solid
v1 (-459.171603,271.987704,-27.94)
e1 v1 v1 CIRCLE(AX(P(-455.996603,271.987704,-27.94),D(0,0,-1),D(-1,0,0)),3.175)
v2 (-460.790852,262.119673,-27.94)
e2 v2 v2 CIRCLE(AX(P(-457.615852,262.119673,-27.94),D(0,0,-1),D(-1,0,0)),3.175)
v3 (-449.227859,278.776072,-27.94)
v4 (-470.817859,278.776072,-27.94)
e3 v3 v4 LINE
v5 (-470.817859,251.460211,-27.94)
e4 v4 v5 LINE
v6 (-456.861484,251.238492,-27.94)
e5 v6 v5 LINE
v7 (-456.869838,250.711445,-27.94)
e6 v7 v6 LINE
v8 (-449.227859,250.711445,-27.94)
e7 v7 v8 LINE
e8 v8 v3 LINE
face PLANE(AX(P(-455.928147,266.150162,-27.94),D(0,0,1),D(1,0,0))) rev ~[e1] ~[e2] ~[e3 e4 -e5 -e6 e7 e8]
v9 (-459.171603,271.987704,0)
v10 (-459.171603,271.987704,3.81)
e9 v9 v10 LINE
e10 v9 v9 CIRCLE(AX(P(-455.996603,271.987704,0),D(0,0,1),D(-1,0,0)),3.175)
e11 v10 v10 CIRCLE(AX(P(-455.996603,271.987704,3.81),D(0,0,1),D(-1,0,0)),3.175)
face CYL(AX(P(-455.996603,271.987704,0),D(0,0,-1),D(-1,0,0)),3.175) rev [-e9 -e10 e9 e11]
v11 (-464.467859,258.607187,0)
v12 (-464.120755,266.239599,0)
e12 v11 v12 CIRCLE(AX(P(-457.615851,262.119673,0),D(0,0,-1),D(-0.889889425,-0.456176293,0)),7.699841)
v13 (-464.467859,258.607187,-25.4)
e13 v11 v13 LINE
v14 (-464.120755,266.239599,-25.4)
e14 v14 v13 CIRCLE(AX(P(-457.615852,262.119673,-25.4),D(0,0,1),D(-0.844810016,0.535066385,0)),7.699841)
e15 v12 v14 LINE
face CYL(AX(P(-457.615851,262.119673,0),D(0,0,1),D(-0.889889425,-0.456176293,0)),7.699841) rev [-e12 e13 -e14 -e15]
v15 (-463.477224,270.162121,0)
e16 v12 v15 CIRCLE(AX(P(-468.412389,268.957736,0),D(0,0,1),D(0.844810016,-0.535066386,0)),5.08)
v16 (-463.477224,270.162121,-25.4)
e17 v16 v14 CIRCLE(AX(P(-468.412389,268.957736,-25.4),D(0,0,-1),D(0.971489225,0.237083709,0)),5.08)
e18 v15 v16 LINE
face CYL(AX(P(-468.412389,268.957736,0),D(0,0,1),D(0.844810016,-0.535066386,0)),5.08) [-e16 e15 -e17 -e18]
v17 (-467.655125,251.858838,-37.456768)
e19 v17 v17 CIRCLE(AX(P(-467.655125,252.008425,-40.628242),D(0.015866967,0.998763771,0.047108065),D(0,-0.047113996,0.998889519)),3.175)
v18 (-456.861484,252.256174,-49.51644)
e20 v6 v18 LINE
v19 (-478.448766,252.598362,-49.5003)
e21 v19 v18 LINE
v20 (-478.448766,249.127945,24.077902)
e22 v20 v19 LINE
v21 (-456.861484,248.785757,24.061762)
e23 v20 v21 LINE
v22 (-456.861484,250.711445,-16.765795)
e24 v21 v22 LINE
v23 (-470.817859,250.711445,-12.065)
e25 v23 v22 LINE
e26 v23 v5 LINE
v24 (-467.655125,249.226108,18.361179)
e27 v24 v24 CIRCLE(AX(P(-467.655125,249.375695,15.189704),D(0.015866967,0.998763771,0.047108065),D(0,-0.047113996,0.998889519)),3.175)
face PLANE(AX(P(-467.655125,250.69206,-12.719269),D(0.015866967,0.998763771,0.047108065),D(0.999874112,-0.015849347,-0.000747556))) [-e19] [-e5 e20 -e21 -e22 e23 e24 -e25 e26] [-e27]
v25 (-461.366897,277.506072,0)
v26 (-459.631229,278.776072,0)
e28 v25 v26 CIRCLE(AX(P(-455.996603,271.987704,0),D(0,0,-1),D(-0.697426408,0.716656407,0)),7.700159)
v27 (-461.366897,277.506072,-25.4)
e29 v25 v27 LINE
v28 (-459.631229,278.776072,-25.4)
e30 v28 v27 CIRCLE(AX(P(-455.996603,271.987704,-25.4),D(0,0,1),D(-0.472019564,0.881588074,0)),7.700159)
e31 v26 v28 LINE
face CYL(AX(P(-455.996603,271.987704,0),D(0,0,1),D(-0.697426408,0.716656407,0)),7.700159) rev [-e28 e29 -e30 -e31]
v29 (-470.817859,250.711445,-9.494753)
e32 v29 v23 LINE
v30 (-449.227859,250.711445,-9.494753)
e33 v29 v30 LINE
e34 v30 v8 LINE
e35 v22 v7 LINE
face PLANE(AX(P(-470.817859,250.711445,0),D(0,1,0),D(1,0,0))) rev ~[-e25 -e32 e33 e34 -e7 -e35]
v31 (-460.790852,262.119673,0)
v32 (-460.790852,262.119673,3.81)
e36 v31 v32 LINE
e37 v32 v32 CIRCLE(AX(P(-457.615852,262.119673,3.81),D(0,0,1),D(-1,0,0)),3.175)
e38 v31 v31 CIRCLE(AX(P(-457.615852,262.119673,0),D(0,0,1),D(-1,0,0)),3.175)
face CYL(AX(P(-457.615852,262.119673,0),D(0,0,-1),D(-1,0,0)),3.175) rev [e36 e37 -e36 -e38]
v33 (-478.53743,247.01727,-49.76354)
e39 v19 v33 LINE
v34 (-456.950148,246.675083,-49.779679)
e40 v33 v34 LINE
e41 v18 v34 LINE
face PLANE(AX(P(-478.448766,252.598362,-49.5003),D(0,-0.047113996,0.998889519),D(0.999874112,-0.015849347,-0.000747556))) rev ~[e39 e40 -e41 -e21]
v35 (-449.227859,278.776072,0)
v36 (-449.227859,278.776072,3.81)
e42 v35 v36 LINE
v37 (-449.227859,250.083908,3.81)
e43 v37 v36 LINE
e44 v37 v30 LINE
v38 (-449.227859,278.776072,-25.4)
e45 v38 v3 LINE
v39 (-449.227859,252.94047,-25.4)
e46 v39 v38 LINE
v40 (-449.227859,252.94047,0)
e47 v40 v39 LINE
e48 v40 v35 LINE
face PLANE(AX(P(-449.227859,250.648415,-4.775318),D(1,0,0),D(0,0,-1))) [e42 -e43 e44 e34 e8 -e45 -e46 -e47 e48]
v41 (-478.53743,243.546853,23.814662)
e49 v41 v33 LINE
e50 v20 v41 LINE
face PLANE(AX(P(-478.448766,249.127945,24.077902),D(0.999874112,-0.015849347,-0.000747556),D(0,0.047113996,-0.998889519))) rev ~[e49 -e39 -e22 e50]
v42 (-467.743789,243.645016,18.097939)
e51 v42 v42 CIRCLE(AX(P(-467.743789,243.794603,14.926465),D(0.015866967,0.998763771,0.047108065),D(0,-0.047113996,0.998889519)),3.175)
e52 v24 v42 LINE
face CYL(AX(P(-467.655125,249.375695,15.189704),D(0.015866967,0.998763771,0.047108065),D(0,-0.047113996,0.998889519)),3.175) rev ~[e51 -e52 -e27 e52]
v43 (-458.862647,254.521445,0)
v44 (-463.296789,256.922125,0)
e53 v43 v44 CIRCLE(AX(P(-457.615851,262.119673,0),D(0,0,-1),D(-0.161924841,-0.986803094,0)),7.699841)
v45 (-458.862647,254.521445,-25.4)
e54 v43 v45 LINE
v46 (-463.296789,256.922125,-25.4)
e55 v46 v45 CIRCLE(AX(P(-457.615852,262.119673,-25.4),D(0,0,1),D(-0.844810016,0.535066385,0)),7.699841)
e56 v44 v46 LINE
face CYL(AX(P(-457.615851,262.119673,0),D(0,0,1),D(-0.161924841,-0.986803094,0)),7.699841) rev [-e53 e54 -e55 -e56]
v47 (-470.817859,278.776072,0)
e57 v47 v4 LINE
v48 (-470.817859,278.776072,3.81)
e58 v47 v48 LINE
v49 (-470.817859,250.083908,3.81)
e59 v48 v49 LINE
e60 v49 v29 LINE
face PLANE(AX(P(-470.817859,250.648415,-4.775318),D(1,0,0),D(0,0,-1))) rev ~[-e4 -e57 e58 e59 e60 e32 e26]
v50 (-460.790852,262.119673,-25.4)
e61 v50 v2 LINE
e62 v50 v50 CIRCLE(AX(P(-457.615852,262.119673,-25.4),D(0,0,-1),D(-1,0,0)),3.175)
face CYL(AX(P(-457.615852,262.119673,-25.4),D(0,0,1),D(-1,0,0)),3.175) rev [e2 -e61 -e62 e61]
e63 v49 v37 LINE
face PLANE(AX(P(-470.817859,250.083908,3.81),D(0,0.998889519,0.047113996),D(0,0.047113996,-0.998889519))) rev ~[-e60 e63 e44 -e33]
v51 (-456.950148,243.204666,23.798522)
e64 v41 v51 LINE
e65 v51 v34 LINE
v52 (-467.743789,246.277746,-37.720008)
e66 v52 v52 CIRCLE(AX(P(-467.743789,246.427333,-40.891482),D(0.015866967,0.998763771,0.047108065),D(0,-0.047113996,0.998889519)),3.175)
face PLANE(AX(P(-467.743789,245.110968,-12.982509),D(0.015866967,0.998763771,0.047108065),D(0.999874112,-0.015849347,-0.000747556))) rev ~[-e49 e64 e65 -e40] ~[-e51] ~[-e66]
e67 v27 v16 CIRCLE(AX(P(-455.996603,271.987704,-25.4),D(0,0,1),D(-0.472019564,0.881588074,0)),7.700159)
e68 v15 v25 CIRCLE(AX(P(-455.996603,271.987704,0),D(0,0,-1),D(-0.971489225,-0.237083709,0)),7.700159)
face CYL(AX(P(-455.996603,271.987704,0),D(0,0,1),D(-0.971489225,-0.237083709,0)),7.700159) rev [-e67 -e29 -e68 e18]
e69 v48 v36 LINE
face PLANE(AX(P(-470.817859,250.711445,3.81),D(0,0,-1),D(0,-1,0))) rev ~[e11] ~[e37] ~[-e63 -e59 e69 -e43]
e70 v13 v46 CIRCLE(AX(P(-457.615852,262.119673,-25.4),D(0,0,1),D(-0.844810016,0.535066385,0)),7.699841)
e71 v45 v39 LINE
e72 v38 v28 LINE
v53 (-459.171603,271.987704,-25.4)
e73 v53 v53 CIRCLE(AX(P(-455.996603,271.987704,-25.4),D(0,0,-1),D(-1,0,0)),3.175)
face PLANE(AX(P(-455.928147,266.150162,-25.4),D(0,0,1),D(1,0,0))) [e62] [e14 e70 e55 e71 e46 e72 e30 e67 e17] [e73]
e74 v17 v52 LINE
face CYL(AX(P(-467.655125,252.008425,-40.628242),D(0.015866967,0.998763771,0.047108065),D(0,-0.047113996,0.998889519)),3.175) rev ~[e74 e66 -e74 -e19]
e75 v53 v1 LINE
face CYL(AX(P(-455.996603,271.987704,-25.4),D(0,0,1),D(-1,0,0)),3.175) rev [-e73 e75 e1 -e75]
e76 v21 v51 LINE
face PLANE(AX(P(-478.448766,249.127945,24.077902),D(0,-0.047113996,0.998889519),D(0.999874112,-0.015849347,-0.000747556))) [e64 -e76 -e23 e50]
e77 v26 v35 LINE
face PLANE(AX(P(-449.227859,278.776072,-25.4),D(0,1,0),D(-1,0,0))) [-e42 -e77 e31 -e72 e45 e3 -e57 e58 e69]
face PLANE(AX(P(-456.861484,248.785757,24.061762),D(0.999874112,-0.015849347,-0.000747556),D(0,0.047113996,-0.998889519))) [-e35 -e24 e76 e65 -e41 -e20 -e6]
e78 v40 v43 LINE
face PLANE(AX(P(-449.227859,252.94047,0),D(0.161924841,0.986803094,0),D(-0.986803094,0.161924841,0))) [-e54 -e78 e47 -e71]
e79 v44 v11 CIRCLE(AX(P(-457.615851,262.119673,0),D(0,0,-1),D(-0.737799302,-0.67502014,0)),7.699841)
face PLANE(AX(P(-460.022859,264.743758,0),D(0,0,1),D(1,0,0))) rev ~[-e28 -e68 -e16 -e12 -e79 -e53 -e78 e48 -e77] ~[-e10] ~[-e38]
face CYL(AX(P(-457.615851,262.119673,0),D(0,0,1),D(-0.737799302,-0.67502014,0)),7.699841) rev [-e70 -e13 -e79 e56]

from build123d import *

# Parameters (mm, degrees)
BOSS_EXTRUDE1_DEPTH = 27.94
SKETCH2_W           = 21.59
SKETCH2_H           = 28.064626237
SKETCH2_R           = 3.175
BOSS_EXTRUDE2_DEPTH = 3.81
SKETCH3_R           = 3.175
BOSS_EXTRUDE3_DEPTH = 2.54
SKETCH4_W           = 21.59
SKETCH4_H           = 73.66
SKETCH4_R           = 3.175
BOSS_EXTRUDE4_DEPTH = 5.588
BOSS_EXTRUDE5_DEPTH = 21.59


with BuildPart() as part:
    # Sketch1 → Boss-Extrude1 (new body)
    with BuildSketch(Plane.XY):
        with BuildLine():
            ThreePointArc((-461.366897066, 277.506071532), (-460.543620658, 278.201967285), (-459.631228606, 278.776071532))
            Line((-459.631228606, 278.776071532), (-470.817858916, 278.776071532))
            Line((-470.817858916, 278.776071532), (-470.817858916, 250.711445295))
            Line((-470.817858916, 250.711445295), (-449.227858916, 250.711445295))
            Line((-449.227858916, 250.711445295), (-449.227858916, 252.940469765))
            Line((-449.227858916, 252.940469765), (-458.862647092, 254.521445295))
            ThreePointArc((-458.862647092, 254.521445295), (-461.281801172, 255.348530126), (-463.296789086, 256.922124572))
            ThreePointArc((-463.296789086, 256.922124572), (-463.938709782, 257.725469547), (-464.467858916, 258.607187485))
            ThreePointArc((-464.467858916, 258.607187485), (-465.307742726, 262.469481888), (-464.120754615, 266.239598875))
            ThreePointArc((-464.120754615, 266.239598875), (-463.399405765, 268.135304283), (-463.477224231, 270.162121354))
            ThreePointArc((-463.477224231, 270.162121354), (-463.397272377, 274.114329254), (-461.366897066, 277.506071532))
        make_face()
    extrude(amount=-BOSS_EXTRUDE1_DEPTH)

    # Sketch2 → Boss-Extrude2 (add)
    with BuildSketch(Plane.XY):
        with Locations((-460.022858916, 264.743758414)):
            Rectangle(SKETCH2_W, SKETCH2_H)
        with Locations(Location((-455.996603091, 271.987703521, 0), (0, 0, 180))):
            Circle(SKETCH2_R, mode=Mode.SUBTRACT)
        with Locations(Location((-457.615851502, 262.119672583, 0), (0, 0, 180))):
            Circle(SKETCH2_R, mode=Mode.SUBTRACT)
    extrude(amount=BOSS_EXTRUDE2_DEPTH)

    # Sketch3 → Boss-Extrude3 (add)
    with BuildSketch(Plane(origin=(0, 0, -25.4), x_dir=(-1, 0, 0), z_dir=(0, 0, -1))):
        with BuildLine():
            Line((449.227858916, 252.940469765), (449.227858916, 278.776071532))
            Line((449.227858916, 278.776071532), (459.631228606, 278.776071532))
            ThreePointArc((459.631228606, 278.776071532), (463.027763128, 275.12700781), (463.477224231, 270.162121354))
            ThreePointArc((463.477224231, 270.162121354), (463.399405765, 268.135304283), (464.120754615, 266.239598875))
            ThreePointArc((464.120754615, 266.239598875), (464.640877411, 258.967440337), (458.862647092, 254.521445295))
            Line((458.862647092, 254.521445295), (449.227858916, 252.940469765))
        make_face()
        with Locations((455.996603091, 271.987703521)):
            Circle(SKETCH3_R, mode=Mode.SUBTRACT)
        with Locations((457.615851502, 262.119672583)):
            Circle(SKETCH3_R, mode=Mode.SUBTRACT)
    extrude(amount=BOSS_EXTRUDE3_DEPTH)

    # Sketch4 → Boss-Extrude4 (add)
    with BuildSketch(Plane(origin=(3.845560936, 242.063082319, 11.417237821), x_dir=(0.9998741117550617, -0.01584934704377417, -0.0007475562269394038), z_dir=(0.01586696700779418, 0.9987637706378838, 0.04710806533037051))):
        with Locations((-471.560049375, 24.516249071)):
            Rectangle(SKETCH4_W, SKETCH4_H)
        with Locations(Location((-471.560049375, 52.456249071, 0), (0, 0, 270))):
            Circle(SKETCH4_R, mode=Mode.SUBTRACT)
        with Locations(Location((-471.560049375, -3.423750929, 0), (0, 0, 270))):
            Circle(SKETCH4_R, mode=Mode.SUBTRACT)
    extrude(amount=-BOSS_EXTRUDE4_DEPTH)

    # Sketch5 → Boss-Extrude5 (add)
    with BuildSketch(Plane.ZY.offset(470.817858916)):
        Polygon((3.81, 250.711445295), (3.81, 250.083908323), (-13.668693003, 250.908314891), align=None)
    extrude(amount=-BOSS_EXTRUDE5_DEPTH)


solid = part.part
